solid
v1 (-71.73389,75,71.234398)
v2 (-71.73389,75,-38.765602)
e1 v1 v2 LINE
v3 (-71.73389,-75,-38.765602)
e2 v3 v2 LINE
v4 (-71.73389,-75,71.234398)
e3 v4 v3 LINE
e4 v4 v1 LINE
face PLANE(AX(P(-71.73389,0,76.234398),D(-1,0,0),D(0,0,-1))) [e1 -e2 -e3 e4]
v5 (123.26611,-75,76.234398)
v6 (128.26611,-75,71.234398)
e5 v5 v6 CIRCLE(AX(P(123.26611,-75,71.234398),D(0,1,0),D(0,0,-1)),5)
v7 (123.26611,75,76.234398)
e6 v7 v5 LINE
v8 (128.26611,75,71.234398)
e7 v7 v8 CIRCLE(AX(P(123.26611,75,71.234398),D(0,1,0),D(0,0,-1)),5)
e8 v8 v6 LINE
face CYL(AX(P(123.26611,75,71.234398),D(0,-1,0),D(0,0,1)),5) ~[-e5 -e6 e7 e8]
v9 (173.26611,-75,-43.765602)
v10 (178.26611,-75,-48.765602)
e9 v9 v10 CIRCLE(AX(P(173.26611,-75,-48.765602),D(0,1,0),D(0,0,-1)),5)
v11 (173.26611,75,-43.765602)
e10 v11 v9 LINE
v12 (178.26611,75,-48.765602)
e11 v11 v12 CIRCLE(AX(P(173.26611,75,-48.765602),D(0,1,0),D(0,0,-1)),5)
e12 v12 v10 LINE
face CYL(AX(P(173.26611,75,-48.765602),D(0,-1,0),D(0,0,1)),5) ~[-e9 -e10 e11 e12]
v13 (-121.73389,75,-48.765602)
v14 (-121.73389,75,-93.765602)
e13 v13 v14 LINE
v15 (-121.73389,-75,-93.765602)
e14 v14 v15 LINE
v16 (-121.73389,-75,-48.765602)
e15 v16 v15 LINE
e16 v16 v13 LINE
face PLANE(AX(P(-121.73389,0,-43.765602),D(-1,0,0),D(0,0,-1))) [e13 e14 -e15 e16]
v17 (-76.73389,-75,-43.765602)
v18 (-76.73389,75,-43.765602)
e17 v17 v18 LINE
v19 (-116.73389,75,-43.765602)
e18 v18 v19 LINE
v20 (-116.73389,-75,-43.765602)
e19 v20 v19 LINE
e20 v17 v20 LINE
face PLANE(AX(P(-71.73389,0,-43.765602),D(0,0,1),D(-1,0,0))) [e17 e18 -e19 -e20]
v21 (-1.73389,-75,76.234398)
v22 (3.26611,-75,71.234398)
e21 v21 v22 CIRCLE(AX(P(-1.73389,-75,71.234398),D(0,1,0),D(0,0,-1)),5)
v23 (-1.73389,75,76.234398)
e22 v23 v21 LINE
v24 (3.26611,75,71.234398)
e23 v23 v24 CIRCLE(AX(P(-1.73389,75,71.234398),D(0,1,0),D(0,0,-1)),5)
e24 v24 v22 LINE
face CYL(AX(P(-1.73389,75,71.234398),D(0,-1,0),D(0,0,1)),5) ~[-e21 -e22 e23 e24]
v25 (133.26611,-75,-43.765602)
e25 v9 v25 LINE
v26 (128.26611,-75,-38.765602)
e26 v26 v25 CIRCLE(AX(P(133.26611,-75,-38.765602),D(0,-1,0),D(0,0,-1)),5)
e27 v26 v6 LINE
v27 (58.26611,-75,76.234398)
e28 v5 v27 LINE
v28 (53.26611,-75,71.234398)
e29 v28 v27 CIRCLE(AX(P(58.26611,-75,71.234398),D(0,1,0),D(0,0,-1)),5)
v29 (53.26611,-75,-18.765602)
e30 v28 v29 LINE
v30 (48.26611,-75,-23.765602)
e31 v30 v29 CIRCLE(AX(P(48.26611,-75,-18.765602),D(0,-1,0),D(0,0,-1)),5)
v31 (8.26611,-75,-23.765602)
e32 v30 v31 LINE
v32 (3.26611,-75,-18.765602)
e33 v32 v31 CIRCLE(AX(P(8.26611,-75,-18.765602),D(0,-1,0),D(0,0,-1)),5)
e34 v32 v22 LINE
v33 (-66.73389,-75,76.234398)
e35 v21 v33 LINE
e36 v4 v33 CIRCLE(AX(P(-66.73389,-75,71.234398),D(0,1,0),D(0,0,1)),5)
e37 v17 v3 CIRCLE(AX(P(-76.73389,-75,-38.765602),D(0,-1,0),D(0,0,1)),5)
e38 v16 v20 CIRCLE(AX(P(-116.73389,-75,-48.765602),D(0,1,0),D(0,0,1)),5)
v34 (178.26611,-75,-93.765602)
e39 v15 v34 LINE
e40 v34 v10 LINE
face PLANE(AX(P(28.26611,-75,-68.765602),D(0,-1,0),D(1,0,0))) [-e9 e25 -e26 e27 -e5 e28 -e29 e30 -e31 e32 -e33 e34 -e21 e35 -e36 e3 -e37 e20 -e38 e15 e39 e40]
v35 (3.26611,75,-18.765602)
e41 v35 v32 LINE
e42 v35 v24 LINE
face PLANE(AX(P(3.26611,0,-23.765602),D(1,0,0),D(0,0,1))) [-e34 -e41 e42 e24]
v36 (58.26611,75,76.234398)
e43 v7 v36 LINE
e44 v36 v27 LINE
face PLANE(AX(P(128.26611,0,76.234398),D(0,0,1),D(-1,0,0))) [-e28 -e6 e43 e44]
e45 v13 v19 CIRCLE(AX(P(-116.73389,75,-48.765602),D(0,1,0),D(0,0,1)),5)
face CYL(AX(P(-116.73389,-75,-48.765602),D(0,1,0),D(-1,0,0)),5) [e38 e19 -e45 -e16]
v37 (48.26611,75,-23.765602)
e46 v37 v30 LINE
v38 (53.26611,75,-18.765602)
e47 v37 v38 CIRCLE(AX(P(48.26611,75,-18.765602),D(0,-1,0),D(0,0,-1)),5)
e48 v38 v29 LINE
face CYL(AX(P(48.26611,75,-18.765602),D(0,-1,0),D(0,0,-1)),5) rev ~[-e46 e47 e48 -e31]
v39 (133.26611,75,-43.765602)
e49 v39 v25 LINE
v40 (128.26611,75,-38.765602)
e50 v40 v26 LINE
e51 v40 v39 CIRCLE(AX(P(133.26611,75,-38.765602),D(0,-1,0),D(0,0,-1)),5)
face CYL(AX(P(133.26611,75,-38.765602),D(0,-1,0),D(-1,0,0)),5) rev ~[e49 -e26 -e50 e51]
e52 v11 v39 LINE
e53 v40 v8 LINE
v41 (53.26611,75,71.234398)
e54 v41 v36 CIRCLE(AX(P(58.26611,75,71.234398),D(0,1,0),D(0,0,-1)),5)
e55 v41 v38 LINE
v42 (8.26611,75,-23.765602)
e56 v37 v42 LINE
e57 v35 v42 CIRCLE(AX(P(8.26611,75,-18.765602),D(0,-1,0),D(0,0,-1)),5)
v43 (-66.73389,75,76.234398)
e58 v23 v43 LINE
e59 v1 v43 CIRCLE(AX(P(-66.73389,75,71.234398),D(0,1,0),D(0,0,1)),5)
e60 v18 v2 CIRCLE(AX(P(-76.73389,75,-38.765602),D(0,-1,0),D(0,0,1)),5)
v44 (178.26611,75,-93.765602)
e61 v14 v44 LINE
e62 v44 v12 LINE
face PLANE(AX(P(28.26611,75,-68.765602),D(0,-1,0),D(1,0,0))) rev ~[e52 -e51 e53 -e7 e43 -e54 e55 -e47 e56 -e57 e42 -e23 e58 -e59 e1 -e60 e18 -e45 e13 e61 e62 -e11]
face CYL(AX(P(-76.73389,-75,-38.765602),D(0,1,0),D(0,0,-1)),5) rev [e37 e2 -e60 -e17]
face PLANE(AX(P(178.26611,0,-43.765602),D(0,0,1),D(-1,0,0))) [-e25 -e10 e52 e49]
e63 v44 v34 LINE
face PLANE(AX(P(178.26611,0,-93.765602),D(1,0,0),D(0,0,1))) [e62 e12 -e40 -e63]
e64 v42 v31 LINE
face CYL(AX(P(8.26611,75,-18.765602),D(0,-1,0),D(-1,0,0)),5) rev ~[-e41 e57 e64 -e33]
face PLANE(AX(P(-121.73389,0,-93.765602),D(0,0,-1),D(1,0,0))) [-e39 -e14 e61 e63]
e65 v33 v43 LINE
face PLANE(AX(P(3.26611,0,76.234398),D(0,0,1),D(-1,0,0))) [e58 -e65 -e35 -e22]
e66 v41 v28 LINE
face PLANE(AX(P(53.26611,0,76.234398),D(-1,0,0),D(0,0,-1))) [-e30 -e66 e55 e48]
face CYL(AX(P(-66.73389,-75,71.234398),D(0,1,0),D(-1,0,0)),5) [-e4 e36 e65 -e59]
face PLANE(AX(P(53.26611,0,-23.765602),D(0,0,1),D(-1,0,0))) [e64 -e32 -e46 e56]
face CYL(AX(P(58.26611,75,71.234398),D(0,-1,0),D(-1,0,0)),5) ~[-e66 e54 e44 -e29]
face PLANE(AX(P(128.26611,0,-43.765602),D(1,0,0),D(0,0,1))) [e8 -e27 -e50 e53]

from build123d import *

# Parameters (mm, degrees)
F1_DEPTH = 75
F2_R     = 5


with BuildPart() as f1:
    # F0 (on Front) → F1 (new body, symmetric)
    with BuildSketch(Plane.XZ):
        Polygon((-71.73389, -43.765602), (-121.73389, -43.765602), (-121.73389, -93.765602), (178.26611, -93.765602), (178.26611, -43.765602), (128.26611, -43.765602), align=None)
        Polygon((-71.73389, 76.234398), (-71.73389, -43.765602), (128.26611, -43.765602), (128.26611, 76.234398), (53.26611, 76.234398), (53.26611, -23.765602), (3.26611, -23.765602), (3.26611, 76.234398), align=None)
    extrude(amount=F1_DEPTH, both=True)

    # F2
    f2_edges = [f1.edges().sort_by_distance(p)[0] for p in [
        (53.26611, 0, 76.234398),
        (3.26611, 0, 76.234398),
        (128.26611, 0, 76.234398),
        (-71.73389, 0, 76.234398),
        (-71.73389, 0, -43.765602),
        (-121.73389, 0, -43.765602),
        (128.26611, 0, -43.765602),
        (178.26611, 0, -43.765602),
        (3.26611, 0, -23.765602),
        (53.26611, 0, -23.765602),
    ]]
    fillet(f2_edges, radius=F2_R)


solid = f1.part
